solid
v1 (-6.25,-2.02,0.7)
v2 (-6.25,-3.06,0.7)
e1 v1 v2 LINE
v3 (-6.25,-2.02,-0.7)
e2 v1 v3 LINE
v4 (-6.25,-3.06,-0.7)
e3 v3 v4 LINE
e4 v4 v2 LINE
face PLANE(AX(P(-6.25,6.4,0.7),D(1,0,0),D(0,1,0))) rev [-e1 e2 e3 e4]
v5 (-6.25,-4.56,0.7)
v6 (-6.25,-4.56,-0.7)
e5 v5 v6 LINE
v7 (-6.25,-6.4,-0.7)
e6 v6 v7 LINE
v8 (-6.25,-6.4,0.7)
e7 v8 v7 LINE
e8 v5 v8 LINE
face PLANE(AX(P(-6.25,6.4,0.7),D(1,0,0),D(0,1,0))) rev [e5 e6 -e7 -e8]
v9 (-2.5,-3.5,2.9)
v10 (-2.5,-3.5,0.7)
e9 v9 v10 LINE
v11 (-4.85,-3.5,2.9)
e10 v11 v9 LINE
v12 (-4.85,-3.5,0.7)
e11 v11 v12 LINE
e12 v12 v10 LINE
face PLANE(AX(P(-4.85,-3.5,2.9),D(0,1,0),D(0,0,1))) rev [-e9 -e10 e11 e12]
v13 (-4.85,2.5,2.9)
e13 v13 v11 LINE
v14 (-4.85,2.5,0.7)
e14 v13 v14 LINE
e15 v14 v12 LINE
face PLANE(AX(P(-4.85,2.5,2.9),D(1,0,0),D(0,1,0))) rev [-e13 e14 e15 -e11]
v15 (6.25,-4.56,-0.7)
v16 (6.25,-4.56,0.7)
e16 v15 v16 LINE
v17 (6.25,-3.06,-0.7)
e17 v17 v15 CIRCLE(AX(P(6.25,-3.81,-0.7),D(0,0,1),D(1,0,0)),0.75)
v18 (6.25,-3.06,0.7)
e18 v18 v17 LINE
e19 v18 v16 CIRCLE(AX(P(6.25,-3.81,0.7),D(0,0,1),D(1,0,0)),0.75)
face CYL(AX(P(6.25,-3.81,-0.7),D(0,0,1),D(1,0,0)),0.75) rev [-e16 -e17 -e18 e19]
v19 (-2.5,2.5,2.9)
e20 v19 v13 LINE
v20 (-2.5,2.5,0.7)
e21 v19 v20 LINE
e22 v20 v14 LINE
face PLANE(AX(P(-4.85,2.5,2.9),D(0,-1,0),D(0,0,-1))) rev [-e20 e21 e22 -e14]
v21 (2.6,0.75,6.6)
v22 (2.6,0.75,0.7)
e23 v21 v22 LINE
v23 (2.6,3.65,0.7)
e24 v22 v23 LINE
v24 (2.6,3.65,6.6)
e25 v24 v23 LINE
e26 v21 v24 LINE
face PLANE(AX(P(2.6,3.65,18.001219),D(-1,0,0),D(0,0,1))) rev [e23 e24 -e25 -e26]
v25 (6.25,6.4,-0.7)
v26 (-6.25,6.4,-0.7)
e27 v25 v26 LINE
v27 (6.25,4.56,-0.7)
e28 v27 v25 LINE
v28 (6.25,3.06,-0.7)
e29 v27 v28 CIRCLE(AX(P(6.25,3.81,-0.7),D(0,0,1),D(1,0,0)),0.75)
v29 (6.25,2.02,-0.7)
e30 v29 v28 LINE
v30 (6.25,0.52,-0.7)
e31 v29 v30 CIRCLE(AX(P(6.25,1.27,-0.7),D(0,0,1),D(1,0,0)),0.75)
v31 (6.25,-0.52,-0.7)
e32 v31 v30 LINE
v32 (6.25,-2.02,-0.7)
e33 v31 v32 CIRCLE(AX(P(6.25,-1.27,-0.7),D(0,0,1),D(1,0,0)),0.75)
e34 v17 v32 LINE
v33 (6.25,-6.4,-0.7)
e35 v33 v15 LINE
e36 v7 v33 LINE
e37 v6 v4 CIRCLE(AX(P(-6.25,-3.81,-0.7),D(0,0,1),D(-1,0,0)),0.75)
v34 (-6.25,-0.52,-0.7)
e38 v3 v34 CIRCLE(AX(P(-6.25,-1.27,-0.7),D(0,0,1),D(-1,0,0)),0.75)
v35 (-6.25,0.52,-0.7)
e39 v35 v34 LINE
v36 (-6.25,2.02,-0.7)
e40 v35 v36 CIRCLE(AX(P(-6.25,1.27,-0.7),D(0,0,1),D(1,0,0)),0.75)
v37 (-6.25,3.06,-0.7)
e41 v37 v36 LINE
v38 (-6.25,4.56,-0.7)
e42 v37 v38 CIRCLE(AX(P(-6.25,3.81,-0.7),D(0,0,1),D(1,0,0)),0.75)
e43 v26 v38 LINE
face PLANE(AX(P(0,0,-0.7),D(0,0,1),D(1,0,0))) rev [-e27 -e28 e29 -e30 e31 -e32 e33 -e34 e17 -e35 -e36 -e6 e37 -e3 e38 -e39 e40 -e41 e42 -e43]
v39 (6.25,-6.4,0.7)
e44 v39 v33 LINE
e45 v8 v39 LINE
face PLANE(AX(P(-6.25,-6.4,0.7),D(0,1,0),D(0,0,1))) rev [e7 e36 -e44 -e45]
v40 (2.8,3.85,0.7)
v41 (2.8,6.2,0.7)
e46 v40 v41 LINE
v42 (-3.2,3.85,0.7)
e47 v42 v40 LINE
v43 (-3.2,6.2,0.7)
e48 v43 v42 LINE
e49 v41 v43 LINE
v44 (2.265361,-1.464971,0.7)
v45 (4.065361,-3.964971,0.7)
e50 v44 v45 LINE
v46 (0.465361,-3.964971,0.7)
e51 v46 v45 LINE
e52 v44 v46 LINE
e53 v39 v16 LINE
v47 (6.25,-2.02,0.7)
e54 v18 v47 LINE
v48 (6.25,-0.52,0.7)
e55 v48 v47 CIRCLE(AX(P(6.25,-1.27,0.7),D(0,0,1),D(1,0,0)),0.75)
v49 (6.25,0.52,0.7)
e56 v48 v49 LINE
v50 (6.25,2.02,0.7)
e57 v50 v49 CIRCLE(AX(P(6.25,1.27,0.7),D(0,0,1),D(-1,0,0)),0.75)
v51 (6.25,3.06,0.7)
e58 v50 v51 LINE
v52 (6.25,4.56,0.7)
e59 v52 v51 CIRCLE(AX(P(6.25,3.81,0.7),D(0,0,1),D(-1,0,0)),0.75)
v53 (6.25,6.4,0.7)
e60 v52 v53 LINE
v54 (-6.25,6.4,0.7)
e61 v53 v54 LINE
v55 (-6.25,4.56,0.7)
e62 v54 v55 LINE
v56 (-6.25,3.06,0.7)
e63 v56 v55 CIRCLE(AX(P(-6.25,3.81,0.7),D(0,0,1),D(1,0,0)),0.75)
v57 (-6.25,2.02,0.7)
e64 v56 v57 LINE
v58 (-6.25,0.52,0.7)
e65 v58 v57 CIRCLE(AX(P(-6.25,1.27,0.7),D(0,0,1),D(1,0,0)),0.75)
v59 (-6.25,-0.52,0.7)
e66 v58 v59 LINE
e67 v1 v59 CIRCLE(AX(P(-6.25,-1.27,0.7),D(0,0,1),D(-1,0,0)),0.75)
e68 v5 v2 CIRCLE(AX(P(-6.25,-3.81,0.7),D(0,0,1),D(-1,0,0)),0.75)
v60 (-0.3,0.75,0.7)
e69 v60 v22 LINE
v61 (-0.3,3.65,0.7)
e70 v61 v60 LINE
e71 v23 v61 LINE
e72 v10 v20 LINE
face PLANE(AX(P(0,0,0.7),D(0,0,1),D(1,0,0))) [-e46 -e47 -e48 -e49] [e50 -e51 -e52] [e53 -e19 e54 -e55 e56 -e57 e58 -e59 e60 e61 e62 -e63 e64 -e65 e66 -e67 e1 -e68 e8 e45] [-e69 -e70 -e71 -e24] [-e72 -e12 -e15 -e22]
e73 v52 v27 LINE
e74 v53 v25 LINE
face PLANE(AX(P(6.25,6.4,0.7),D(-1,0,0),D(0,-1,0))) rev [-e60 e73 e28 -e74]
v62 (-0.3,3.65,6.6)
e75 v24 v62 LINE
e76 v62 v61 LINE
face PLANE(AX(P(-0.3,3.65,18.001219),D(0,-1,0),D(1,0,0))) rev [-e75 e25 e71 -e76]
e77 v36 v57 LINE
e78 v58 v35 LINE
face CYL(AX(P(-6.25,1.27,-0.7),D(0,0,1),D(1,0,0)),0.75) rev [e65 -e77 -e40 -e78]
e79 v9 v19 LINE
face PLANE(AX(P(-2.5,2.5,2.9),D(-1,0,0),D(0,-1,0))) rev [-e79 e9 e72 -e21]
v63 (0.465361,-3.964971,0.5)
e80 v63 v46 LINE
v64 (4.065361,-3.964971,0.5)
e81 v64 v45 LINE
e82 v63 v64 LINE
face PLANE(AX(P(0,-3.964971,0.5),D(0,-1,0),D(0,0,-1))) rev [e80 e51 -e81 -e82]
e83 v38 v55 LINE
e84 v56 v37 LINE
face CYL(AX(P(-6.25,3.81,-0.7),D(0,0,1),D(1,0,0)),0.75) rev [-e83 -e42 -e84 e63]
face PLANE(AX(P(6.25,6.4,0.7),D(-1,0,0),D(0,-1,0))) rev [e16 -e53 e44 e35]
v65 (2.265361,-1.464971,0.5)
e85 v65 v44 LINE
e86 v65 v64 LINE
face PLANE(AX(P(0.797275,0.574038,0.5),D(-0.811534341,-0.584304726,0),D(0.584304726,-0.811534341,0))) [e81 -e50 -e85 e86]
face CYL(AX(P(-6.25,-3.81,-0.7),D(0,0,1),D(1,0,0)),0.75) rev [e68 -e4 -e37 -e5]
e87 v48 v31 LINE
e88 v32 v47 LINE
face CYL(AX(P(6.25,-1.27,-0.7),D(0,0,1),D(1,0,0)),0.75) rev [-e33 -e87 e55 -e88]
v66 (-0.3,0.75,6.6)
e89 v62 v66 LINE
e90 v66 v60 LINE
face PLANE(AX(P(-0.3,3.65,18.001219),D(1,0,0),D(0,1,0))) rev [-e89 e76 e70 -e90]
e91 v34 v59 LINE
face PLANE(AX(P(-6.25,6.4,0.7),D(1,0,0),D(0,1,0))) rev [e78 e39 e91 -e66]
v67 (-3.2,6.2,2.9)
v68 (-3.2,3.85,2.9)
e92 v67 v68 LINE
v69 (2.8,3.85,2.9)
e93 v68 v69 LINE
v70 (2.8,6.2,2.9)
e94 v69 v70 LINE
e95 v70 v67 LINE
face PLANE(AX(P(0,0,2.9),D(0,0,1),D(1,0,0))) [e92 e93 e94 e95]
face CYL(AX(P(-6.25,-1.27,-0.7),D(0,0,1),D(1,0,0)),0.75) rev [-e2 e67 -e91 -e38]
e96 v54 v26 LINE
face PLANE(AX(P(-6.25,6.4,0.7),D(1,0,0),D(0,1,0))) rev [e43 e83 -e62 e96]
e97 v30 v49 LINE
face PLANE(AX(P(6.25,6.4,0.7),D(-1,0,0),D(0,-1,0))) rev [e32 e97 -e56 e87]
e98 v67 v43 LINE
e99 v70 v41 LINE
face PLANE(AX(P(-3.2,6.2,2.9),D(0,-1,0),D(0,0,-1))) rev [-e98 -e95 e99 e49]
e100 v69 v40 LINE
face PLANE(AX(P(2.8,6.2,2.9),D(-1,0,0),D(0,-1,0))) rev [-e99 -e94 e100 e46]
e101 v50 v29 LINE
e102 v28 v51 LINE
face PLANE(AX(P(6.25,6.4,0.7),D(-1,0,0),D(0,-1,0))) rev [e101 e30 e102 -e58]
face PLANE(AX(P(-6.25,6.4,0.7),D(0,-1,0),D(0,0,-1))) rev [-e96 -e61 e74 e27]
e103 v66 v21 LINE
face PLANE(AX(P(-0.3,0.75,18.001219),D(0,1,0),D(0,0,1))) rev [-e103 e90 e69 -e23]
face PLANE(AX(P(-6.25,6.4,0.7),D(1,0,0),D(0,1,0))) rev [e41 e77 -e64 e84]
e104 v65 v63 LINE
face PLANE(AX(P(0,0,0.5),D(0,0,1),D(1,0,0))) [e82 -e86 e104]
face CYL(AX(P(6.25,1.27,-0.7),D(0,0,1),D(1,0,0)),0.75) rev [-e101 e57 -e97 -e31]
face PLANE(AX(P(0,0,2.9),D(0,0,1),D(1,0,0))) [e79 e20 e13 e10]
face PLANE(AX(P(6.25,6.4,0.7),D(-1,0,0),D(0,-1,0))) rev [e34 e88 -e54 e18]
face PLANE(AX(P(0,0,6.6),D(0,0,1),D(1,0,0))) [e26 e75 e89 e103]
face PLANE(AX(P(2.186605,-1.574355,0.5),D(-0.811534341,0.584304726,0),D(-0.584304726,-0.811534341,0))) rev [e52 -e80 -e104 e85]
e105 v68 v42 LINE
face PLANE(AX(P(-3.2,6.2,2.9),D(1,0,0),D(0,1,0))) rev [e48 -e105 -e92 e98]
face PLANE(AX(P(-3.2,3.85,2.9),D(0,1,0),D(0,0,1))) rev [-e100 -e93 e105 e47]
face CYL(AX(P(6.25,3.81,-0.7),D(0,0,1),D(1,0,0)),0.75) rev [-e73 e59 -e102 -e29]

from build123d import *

# Parameters (mm, degrees)
SKETCH1_W               = 12.5
SKETCH1_H               = 12.8
BOSS_EXTRUDE1_DEPTH     = 0.7
CUT_EXTRUDE1_DEPTH      = 9.972875793
CUT_EXTRUDE1_DEPTH_BACK = 9.972875793
SKETCH2_R               = 0.75
SKETCH3_W               = 6
SKETCH3_H               = 2.35
SKETCH3_W_2             = 2.35
SKETCH3_H_2             = 6
BOSS_EXTRUDE2_DEPTH     = 2.2
SKETCH4_W               = 2.9
SKETCH4_H               = 2.9
BOSS_EXTRUDE3_DEPTH     = 5.9
CUT_EXTRUDE2_DEPTH      = 0.2


with BuildPart() as part:
    # Sketch1 → Boss-Extrude1 (new, symmetric)
    with BuildSketch(Plane.XY):
        Rectangle(SKETCH1_W, SKETCH1_H)
    extrude(amount=BOSS_EXTRUDE1_DEPTH, both=True)

    # Sketch2 → Cut-Extrude1 (cut, two sides: drawn at the far end of the back side and taken through both)
    with BuildSketch(Plane.XY.offset(-CUT_EXTRUDE1_DEPTH_BACK)):
        with Locations((-6.25, 1.27)):
            Circle(SKETCH2_R)
        with Locations((-6.25, 3.81)):
            Circle(SKETCH2_R)
        with Locations((-6.25, -1.27)):
            Circle(SKETCH2_R)
        with Locations((-6.25, -3.81)):
            Circle(SKETCH2_R)
        with Locations((6.25, -3.81)):
            Circle(SKETCH2_R)
        with Locations((6.25, -1.27)):
            Circle(SKETCH2_R)
        with Locations((6.25, 3.81)):
            Circle(SKETCH2_R)
        with Locations((6.25, 1.27)):
            Circle(SKETCH2_R)
    extrude(amount=CUT_EXTRUDE1_DEPTH + CUT_EXTRUDE1_DEPTH_BACK, mode=Mode.SUBTRACT)

    # Sketch3 → Boss-Extrude2 (add)
    with BuildSketch(Plane.XY.offset(0.7)):
        with Locations((-0.2, 5.025)):
            Rectangle(SKETCH3_W, SKETCH3_H)
        with Locations((-3.675, -0.5)):
            Rectangle(SKETCH3_W_2, SKETCH3_H_2)
    extrude(amount=BOSS_EXTRUDE2_DEPTH)

    # Sketch4 → Boss-Extrude3 (add)
    with BuildSketch(Plane.XY.offset(0.7)):
        with Locations((1.15, 2.2)):
            Rectangle(SKETCH4_W, SKETCH4_H)
    extrude(amount=BOSS_EXTRUDE3_DEPTH)

    # Sketch6 → Cut-Extrude2 (cut)
    with BuildSketch(Plane.XY.offset(0.7)):
        Polygon((2.26536139, -3.964970683), (2.26536139, -1.464970683), (0.46536139, -3.964970683), align=None)
        Polygon((4.06536139, -3.964970683), (2.26536139, -1.464970683), (2.26536139, -3.964970683), align=None)
    extrude(amount=-CUT_EXTRUDE2_DEPTH, mode=Mode.SUBTRACT)


solid = part.part
